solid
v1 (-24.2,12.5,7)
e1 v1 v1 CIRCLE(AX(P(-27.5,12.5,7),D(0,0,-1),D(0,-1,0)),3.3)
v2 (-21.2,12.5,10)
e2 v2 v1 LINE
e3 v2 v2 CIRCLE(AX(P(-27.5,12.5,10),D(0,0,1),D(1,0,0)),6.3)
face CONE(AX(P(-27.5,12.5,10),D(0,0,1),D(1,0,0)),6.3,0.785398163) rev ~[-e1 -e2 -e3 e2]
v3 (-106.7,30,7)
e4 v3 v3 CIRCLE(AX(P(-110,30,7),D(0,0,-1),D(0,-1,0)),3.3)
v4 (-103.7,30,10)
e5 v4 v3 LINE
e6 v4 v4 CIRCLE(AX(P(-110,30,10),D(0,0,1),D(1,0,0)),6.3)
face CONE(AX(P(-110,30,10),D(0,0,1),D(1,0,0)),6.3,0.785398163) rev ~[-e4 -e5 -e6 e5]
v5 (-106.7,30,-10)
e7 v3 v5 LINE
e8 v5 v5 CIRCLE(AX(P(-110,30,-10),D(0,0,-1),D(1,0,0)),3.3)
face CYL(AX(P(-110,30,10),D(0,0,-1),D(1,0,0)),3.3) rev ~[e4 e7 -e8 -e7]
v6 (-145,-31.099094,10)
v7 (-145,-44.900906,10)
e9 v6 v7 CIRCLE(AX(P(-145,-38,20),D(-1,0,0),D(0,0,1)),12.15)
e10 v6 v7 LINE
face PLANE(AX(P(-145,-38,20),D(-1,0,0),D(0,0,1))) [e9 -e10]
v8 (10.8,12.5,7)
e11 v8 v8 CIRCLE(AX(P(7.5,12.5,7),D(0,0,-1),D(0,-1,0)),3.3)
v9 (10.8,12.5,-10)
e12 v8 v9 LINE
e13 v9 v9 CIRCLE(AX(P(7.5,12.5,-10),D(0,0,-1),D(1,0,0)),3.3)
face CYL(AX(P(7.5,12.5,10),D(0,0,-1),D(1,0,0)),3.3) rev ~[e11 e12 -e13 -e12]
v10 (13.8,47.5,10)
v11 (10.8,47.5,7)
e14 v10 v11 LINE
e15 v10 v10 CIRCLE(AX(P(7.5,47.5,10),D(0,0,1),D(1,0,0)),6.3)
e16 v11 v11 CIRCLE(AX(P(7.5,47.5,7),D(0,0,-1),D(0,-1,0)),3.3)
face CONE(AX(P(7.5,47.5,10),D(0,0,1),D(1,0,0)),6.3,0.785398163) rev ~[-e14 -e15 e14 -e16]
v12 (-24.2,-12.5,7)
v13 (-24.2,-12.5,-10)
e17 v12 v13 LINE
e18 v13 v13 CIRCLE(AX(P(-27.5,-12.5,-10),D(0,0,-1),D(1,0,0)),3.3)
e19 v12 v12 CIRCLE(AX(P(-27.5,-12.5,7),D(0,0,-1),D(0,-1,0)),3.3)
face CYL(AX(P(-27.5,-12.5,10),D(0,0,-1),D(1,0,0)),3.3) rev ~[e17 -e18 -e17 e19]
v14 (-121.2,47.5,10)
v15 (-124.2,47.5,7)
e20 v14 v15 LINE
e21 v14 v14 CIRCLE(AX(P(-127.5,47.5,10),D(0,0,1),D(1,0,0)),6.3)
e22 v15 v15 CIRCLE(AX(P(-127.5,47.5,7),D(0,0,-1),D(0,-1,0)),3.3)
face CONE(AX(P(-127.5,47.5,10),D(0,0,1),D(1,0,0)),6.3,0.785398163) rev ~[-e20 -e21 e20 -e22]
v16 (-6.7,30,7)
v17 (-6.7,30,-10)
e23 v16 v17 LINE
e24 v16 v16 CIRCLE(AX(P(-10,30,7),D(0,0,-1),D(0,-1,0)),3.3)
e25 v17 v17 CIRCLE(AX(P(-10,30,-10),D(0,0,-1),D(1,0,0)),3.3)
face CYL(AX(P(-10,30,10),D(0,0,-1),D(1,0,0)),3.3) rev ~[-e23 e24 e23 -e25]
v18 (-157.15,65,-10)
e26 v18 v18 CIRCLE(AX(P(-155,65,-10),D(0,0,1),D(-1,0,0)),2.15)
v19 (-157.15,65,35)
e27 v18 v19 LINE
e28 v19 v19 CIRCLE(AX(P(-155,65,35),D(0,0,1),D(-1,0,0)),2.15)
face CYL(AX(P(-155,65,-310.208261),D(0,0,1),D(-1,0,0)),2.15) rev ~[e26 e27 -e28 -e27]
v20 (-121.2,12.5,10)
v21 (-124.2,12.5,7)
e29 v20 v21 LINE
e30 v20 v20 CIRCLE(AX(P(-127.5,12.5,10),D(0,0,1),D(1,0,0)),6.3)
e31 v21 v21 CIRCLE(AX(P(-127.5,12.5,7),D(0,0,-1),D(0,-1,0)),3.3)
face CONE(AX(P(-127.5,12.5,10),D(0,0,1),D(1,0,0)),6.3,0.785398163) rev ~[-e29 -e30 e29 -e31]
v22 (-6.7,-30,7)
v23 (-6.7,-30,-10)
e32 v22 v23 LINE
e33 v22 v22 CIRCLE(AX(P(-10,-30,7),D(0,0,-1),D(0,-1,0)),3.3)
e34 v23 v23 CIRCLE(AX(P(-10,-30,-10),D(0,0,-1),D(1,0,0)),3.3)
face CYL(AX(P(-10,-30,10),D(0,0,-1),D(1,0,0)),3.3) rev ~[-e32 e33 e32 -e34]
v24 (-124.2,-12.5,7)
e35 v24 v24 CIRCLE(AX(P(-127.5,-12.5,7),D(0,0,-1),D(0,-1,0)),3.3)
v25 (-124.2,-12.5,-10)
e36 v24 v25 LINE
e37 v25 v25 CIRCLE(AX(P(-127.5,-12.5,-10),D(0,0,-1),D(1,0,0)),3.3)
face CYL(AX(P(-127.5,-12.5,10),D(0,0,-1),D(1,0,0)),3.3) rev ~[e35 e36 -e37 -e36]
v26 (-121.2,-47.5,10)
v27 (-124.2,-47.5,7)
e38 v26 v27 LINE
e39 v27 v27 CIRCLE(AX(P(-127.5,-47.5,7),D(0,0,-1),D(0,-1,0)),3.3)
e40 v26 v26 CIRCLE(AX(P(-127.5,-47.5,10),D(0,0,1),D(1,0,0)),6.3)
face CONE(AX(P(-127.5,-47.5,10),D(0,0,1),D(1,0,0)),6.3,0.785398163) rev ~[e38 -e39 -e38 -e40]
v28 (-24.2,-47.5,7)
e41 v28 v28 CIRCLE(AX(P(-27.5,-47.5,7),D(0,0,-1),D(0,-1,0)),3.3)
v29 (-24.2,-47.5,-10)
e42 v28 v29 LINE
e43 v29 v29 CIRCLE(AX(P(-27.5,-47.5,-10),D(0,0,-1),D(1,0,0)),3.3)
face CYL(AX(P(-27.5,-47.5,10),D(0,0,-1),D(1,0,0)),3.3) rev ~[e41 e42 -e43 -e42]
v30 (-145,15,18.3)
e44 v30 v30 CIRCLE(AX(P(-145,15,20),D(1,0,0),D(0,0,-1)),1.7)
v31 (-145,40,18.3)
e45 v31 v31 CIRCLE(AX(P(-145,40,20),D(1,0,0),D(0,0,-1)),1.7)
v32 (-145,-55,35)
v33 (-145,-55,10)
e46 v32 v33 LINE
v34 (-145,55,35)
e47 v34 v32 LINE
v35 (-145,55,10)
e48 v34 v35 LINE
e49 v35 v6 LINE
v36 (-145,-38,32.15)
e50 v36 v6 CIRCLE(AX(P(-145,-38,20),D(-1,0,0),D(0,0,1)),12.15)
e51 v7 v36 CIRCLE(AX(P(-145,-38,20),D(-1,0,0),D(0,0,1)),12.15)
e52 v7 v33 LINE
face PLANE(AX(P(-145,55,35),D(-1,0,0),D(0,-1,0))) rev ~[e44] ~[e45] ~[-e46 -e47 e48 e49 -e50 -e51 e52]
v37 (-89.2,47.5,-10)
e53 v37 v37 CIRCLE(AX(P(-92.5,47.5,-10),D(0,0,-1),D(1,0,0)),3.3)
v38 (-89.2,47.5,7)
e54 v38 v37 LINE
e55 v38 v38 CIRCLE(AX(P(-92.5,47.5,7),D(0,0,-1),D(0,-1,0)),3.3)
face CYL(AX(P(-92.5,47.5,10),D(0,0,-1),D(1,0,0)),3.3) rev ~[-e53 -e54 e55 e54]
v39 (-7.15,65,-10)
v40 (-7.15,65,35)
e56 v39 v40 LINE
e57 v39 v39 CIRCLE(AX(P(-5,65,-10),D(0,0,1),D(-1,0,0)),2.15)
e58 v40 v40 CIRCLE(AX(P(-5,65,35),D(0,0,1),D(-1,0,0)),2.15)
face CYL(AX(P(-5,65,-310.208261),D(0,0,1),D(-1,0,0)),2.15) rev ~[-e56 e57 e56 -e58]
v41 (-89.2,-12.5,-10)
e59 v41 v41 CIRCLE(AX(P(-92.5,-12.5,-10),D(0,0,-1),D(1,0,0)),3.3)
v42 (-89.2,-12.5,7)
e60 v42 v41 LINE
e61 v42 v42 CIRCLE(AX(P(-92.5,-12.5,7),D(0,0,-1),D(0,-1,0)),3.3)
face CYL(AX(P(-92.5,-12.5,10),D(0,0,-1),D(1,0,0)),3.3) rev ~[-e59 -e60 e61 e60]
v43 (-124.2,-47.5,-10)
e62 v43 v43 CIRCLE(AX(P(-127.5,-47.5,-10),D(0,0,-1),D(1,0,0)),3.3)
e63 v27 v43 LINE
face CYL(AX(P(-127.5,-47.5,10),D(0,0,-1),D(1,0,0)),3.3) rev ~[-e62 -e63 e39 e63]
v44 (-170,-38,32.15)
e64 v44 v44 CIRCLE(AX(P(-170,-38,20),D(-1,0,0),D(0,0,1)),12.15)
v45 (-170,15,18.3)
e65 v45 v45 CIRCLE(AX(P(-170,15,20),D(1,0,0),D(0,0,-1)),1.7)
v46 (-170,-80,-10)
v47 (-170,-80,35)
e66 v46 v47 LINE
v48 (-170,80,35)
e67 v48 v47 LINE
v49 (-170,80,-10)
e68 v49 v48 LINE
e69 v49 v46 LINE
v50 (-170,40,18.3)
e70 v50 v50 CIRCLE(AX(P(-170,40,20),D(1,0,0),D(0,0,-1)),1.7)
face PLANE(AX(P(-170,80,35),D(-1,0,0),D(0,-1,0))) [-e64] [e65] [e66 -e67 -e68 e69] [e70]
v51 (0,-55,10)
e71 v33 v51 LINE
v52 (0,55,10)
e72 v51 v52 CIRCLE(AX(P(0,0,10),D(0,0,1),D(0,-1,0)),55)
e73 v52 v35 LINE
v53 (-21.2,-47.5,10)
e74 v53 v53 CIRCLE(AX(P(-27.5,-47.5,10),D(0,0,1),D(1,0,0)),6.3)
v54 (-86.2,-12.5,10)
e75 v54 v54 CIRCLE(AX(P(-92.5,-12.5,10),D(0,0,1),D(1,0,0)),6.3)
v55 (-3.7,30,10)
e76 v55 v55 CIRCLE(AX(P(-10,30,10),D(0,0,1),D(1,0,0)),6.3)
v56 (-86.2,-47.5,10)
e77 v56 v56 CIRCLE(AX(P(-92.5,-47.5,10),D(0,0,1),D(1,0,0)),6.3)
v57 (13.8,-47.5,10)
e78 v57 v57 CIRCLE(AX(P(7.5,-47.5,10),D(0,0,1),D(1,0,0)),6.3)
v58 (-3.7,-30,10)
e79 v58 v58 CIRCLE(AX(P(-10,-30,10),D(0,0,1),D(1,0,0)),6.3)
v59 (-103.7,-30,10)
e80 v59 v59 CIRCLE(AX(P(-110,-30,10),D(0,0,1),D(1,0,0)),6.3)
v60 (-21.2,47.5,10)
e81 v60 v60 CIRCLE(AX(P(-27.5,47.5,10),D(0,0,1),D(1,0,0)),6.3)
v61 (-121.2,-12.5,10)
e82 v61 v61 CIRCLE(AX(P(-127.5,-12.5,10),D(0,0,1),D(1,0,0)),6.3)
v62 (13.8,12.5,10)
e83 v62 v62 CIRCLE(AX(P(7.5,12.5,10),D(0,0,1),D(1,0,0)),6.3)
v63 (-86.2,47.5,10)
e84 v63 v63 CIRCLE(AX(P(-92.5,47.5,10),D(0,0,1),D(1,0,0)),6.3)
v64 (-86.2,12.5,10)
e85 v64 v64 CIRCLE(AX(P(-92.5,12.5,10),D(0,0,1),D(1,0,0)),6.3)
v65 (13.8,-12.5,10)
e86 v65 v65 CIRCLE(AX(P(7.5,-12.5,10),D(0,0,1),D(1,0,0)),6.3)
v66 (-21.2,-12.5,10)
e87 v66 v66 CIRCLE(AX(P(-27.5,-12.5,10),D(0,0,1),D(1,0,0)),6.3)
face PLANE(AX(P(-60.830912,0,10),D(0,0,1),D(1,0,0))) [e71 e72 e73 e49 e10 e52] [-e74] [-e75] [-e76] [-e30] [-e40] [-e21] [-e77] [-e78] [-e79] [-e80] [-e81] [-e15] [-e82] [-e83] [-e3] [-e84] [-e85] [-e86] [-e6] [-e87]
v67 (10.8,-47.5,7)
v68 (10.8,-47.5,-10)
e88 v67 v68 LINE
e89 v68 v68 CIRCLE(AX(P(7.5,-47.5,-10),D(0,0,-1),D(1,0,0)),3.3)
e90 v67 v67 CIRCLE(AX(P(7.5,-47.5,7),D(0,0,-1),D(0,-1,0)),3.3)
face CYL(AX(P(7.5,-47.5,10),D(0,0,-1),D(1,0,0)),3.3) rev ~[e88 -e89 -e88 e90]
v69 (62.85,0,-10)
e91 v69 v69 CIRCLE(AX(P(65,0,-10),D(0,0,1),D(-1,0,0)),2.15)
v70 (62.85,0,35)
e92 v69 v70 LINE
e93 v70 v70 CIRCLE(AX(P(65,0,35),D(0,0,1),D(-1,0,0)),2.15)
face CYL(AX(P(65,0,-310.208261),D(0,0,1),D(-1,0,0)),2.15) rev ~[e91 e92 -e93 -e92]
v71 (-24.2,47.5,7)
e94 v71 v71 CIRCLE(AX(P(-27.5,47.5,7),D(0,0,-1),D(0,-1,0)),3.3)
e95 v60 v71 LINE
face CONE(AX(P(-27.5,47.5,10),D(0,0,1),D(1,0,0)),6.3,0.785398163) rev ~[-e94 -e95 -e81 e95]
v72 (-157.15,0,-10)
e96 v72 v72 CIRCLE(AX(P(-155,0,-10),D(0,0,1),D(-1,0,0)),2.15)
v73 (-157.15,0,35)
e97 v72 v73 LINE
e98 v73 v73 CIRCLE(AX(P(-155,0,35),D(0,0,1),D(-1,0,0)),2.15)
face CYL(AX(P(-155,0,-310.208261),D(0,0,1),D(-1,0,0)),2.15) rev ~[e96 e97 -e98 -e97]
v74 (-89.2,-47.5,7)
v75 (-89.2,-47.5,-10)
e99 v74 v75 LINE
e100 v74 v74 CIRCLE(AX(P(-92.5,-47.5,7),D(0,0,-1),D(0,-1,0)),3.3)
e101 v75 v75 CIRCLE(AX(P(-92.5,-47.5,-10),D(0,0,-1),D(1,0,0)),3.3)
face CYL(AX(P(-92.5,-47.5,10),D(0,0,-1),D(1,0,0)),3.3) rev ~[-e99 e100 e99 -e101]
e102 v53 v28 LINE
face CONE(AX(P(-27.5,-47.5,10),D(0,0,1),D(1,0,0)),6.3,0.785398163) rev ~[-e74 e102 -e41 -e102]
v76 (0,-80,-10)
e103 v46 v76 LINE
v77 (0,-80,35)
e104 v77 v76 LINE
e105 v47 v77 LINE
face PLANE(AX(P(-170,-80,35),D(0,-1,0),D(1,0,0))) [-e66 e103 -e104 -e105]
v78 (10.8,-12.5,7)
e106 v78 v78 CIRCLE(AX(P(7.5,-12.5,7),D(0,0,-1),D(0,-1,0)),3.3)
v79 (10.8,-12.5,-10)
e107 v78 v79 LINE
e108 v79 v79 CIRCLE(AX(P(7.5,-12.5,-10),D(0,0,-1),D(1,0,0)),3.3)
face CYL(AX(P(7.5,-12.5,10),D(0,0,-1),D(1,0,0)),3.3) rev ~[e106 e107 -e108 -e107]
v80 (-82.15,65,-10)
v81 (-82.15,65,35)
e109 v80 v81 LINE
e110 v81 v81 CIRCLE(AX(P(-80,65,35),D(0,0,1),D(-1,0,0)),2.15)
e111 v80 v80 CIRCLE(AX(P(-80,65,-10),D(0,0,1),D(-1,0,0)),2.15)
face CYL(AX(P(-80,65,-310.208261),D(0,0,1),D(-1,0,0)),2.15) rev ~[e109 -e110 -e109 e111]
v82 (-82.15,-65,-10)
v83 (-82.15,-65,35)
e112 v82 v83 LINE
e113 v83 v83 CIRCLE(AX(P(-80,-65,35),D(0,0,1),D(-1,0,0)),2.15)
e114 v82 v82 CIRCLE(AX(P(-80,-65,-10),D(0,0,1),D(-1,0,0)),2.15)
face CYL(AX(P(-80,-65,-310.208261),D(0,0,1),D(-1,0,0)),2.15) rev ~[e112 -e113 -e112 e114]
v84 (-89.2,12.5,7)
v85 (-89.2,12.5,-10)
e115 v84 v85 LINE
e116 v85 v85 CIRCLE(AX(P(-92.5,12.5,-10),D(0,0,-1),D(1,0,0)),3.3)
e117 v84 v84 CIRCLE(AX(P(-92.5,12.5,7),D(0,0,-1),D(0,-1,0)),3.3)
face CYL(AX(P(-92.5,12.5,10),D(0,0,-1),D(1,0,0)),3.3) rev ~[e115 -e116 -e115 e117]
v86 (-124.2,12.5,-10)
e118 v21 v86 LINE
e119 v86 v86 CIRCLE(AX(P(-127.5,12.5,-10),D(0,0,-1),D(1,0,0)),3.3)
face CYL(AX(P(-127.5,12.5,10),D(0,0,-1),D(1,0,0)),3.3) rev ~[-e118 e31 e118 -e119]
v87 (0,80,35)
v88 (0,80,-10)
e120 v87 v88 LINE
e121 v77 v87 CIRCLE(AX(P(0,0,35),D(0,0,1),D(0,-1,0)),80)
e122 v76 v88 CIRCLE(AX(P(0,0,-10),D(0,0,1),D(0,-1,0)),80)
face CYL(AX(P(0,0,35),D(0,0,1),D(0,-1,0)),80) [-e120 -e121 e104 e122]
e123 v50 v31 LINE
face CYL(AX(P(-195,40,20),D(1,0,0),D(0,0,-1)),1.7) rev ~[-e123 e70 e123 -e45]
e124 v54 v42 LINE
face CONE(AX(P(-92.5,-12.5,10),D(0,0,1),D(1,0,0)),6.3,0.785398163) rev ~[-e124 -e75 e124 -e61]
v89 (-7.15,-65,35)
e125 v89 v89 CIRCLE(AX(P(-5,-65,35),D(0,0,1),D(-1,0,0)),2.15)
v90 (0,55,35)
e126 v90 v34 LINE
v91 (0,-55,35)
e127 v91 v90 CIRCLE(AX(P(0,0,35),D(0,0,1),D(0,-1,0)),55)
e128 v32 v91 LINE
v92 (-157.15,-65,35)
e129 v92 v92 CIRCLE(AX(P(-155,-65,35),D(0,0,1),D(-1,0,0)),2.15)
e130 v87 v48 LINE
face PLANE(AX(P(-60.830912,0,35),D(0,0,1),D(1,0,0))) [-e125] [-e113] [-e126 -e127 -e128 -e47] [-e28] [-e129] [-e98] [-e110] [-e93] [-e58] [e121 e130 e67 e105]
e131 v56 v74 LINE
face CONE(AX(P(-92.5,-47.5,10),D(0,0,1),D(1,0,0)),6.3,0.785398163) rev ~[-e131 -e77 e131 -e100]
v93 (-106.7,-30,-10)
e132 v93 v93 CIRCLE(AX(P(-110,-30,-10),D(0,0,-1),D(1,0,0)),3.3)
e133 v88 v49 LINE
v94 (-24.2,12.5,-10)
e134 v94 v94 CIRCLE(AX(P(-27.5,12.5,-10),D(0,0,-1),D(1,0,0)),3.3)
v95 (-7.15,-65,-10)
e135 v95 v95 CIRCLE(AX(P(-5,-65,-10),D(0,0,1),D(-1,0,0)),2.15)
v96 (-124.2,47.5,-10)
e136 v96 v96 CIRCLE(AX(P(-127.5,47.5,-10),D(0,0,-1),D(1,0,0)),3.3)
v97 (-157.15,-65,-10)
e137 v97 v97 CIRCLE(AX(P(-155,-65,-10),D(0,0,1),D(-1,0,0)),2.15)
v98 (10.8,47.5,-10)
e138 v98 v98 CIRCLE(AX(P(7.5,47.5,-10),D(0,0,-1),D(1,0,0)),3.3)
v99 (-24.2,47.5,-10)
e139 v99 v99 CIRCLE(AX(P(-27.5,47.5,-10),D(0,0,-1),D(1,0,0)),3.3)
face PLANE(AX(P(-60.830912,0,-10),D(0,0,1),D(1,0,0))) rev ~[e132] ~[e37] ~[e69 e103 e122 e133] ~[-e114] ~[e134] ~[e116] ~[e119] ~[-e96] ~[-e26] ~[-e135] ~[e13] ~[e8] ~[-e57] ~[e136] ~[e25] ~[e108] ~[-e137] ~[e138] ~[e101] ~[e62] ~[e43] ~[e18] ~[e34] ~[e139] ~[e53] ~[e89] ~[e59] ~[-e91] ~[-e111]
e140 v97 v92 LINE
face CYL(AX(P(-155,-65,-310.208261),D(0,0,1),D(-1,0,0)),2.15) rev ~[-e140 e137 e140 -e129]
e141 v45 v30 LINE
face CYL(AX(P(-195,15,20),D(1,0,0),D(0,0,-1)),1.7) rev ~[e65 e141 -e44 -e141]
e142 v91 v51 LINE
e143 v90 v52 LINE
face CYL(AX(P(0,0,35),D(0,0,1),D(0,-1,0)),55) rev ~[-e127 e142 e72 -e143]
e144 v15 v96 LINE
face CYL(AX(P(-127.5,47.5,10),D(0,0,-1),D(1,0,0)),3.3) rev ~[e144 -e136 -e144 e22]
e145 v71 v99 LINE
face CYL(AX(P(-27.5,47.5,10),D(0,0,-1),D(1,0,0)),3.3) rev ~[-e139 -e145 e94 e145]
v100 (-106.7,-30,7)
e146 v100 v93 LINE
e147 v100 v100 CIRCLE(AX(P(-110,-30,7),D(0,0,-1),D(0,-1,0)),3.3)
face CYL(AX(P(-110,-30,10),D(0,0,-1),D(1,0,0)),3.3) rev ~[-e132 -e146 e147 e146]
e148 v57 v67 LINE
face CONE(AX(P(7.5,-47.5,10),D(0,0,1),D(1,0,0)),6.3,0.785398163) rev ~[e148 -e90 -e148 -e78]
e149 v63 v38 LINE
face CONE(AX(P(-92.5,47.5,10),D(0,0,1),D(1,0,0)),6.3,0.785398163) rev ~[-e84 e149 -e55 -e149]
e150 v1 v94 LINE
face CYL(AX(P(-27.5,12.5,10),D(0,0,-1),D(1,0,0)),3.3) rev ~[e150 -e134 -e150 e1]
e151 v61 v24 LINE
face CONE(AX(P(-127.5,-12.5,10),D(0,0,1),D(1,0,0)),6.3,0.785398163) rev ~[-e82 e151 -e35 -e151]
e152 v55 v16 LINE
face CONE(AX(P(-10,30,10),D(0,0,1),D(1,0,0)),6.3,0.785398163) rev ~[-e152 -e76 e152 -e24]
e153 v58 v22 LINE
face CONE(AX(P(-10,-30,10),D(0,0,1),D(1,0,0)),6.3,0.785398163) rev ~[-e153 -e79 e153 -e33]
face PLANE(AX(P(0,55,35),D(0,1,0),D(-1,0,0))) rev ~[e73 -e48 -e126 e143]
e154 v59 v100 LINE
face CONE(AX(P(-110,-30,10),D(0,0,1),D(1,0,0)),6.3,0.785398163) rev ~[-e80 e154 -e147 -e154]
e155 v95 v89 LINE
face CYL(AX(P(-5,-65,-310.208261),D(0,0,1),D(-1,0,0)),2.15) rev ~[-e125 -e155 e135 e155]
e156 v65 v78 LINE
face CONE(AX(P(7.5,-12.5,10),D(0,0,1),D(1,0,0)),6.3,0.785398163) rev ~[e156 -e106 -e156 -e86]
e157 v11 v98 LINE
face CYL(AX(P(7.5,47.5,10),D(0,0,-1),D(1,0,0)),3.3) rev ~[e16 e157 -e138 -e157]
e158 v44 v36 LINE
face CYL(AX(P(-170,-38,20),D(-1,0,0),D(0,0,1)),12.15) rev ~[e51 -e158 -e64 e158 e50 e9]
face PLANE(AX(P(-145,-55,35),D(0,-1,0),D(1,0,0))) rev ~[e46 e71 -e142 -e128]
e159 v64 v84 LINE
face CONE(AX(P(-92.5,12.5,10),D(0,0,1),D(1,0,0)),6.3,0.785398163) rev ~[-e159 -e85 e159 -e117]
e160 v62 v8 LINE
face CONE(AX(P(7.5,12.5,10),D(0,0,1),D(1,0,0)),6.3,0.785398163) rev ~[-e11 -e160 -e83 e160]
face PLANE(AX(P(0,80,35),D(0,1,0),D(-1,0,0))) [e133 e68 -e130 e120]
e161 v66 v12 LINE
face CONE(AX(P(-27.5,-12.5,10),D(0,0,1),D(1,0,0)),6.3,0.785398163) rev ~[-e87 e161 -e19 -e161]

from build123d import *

# Parameters (mm, degrees)
SKETCH1_R                                       = 1.5
BOSS_EXTRUDE1_DEPTH                             = 10
BOSS_EXTRUDE2_START                             = 25
BOSS_EXTRUDE2_DEPTH                             = 25
M4_CLEARANCE_HOLE2_D                            = 4.3
CSK_FOR_M6_FLAT_HEAD_MACHINE_SCREW1_D           = 6.6
CSK_FOR_M6_FLAT_HEAD_MACHINE_SCREW1_CSINK_D     = 12.6
CSK_FOR_M6_FLAT_HEAD_MACHINE_SCREW1_CSINK_ANGLE = 90
SKETCH9_R                                       = 12.15
CUT_EXTRUDE1_DEPTH                              = 25
M3_CLEARANCE_HOLE5_D                            = 3.4
M3_CLEARANCE_HOLE5_DEPTH                        = 25


with BuildPart() as part:
    # Sketch1 → Boss-Extrude1 (new, symmetric)
    with BuildSketch(Plane.XY):
        with BuildLine():
            Line((0, 80), (-170, 80))
            Line((-170, 80), (-170, -80))
            Line((-170, -80), (0, -80))
            ThreePointArc((0, -80), (80, 0), (0, 80))
        make_face()
        with Locations((-155, 65)):
            Circle(SKETCH1_R, mode=Mode.SUBTRACT)
        with Locations((-80, 65)):
            Circle(SKETCH1_R, mode=Mode.SUBTRACT)
        with Locations((-5, 65)):
            Circle(SKETCH1_R, mode=Mode.SUBTRACT)
        with Locations(Location((-155, -65, 0), (0, 0, 180))):
            Circle(SKETCH1_R, mode=Mode.SUBTRACT)
        with Locations(Location((-80, -65, 0), (0, 0, 180))):
            Circle(SKETCH1_R, mode=Mode.SUBTRACT)
        with Locations(Location((-5, -65, 0), (0, 0, 180))):
            Circle(SKETCH1_R, mode=Mode.SUBTRACT)
        with Locations(Location((-155, 0, 0), (0, 0, 180))):
            Circle(SKETCH1_R, mode=Mode.SUBTRACT)
        with Locations((65, 0)):
            Circle(SKETCH1_R, mode=Mode.SUBTRACT)
    extrude(amount=BOSS_EXTRUDE1_DEPTH, both=True)

    # Sketch6 → Boss-Extrude2 (add)
    with BuildSketch(Plane.XY.offset(10).offset(BOSS_EXTRUDE2_START)):
        with BuildLine():
            Line((0, 80), (-170, 80))
            Line((-170, 80), (-170, -80))
            Line((-170, -80), (0, -80))
            ThreePointArc((0, -80), (80, 0), (0, 80))
        make_face()
        with BuildLine():
            Line((0, 55), (-145, 55))
            Line((-145, 55), (-145, -55))
            Line((-145, -55), (0, -55))
            ThreePointArc((0, -55), (55, 0), (0, 55))
        make_face(mode=Mode.SUBTRACT)
    extrude(amount=-BOSS_EXTRUDE2_DEPTH)

    # M4 Clearance Hole2 (through all)
    with Locations(Plane(origin=(0, 0, -10), x_dir=(1, 0, 0), z_dir=(0, 0, -1))):
        with Locations((-5, 65), (-80, 65), (-155, 65), (-155, 0), (-155, -65), (-80, -65), (-5, -65), (65, 0)):
            Hole(M4_CLEARANCE_HOLE2_D / 2)

    # CSK for M6 Flat Head Machine Screw1 (through all)
    with Locations(Plane(origin=(0, 0, 10), x_dir=(-1, 0, 0), z_dir=(0, 0, 1))):
        with Locations((92.5, -12.5), (10, -30), (110, -30), (110, 30), (10, 30), (-7.5, -47.5), (27.5, -47.5), (27.5, -12.5), (-7.5, -12.5), (-7.5, 12.5), (27.5, 12.5), (-7.5, 47.5), (27.5, 47.5), (92.5, 47.5), (92.5, 12.5), (127.5, 12.5), (127.5, 47.5), (127.5, -12.5), (127.5, -47.5), (92.5, -47.5)):
            CounterSinkHole(CSK_FOR_M6_FLAT_HEAD_MACHINE_SCREW1_D / 2, CSK_FOR_M6_FLAT_HEAD_MACHINE_SCREW1_CSINK_D / 2, counter_sink_angle=CSK_FOR_M6_FLAT_HEAD_MACHINE_SCREW1_CSINK_ANGLE)

    # Sketch9 → Cut-Extrude1 (cut)
    with BuildSketch(Plane.ZY.offset(170)):
        with Locations((20, -38)):
            Circle(SKETCH9_R)
    extrude(amount=-CUT_EXTRUDE1_DEPTH, mode=Mode.SUBTRACT)

    # M3 Clearance Hole5
    with Locations(Plane.ZY.offset(170)):
        with Locations((20, 15), (20, 40)):
            Hole(M3_CLEARANCE_HOLE5_D / 2, depth=M3_CLEARANCE_HOLE5_DEPTH)


solid = part.part
